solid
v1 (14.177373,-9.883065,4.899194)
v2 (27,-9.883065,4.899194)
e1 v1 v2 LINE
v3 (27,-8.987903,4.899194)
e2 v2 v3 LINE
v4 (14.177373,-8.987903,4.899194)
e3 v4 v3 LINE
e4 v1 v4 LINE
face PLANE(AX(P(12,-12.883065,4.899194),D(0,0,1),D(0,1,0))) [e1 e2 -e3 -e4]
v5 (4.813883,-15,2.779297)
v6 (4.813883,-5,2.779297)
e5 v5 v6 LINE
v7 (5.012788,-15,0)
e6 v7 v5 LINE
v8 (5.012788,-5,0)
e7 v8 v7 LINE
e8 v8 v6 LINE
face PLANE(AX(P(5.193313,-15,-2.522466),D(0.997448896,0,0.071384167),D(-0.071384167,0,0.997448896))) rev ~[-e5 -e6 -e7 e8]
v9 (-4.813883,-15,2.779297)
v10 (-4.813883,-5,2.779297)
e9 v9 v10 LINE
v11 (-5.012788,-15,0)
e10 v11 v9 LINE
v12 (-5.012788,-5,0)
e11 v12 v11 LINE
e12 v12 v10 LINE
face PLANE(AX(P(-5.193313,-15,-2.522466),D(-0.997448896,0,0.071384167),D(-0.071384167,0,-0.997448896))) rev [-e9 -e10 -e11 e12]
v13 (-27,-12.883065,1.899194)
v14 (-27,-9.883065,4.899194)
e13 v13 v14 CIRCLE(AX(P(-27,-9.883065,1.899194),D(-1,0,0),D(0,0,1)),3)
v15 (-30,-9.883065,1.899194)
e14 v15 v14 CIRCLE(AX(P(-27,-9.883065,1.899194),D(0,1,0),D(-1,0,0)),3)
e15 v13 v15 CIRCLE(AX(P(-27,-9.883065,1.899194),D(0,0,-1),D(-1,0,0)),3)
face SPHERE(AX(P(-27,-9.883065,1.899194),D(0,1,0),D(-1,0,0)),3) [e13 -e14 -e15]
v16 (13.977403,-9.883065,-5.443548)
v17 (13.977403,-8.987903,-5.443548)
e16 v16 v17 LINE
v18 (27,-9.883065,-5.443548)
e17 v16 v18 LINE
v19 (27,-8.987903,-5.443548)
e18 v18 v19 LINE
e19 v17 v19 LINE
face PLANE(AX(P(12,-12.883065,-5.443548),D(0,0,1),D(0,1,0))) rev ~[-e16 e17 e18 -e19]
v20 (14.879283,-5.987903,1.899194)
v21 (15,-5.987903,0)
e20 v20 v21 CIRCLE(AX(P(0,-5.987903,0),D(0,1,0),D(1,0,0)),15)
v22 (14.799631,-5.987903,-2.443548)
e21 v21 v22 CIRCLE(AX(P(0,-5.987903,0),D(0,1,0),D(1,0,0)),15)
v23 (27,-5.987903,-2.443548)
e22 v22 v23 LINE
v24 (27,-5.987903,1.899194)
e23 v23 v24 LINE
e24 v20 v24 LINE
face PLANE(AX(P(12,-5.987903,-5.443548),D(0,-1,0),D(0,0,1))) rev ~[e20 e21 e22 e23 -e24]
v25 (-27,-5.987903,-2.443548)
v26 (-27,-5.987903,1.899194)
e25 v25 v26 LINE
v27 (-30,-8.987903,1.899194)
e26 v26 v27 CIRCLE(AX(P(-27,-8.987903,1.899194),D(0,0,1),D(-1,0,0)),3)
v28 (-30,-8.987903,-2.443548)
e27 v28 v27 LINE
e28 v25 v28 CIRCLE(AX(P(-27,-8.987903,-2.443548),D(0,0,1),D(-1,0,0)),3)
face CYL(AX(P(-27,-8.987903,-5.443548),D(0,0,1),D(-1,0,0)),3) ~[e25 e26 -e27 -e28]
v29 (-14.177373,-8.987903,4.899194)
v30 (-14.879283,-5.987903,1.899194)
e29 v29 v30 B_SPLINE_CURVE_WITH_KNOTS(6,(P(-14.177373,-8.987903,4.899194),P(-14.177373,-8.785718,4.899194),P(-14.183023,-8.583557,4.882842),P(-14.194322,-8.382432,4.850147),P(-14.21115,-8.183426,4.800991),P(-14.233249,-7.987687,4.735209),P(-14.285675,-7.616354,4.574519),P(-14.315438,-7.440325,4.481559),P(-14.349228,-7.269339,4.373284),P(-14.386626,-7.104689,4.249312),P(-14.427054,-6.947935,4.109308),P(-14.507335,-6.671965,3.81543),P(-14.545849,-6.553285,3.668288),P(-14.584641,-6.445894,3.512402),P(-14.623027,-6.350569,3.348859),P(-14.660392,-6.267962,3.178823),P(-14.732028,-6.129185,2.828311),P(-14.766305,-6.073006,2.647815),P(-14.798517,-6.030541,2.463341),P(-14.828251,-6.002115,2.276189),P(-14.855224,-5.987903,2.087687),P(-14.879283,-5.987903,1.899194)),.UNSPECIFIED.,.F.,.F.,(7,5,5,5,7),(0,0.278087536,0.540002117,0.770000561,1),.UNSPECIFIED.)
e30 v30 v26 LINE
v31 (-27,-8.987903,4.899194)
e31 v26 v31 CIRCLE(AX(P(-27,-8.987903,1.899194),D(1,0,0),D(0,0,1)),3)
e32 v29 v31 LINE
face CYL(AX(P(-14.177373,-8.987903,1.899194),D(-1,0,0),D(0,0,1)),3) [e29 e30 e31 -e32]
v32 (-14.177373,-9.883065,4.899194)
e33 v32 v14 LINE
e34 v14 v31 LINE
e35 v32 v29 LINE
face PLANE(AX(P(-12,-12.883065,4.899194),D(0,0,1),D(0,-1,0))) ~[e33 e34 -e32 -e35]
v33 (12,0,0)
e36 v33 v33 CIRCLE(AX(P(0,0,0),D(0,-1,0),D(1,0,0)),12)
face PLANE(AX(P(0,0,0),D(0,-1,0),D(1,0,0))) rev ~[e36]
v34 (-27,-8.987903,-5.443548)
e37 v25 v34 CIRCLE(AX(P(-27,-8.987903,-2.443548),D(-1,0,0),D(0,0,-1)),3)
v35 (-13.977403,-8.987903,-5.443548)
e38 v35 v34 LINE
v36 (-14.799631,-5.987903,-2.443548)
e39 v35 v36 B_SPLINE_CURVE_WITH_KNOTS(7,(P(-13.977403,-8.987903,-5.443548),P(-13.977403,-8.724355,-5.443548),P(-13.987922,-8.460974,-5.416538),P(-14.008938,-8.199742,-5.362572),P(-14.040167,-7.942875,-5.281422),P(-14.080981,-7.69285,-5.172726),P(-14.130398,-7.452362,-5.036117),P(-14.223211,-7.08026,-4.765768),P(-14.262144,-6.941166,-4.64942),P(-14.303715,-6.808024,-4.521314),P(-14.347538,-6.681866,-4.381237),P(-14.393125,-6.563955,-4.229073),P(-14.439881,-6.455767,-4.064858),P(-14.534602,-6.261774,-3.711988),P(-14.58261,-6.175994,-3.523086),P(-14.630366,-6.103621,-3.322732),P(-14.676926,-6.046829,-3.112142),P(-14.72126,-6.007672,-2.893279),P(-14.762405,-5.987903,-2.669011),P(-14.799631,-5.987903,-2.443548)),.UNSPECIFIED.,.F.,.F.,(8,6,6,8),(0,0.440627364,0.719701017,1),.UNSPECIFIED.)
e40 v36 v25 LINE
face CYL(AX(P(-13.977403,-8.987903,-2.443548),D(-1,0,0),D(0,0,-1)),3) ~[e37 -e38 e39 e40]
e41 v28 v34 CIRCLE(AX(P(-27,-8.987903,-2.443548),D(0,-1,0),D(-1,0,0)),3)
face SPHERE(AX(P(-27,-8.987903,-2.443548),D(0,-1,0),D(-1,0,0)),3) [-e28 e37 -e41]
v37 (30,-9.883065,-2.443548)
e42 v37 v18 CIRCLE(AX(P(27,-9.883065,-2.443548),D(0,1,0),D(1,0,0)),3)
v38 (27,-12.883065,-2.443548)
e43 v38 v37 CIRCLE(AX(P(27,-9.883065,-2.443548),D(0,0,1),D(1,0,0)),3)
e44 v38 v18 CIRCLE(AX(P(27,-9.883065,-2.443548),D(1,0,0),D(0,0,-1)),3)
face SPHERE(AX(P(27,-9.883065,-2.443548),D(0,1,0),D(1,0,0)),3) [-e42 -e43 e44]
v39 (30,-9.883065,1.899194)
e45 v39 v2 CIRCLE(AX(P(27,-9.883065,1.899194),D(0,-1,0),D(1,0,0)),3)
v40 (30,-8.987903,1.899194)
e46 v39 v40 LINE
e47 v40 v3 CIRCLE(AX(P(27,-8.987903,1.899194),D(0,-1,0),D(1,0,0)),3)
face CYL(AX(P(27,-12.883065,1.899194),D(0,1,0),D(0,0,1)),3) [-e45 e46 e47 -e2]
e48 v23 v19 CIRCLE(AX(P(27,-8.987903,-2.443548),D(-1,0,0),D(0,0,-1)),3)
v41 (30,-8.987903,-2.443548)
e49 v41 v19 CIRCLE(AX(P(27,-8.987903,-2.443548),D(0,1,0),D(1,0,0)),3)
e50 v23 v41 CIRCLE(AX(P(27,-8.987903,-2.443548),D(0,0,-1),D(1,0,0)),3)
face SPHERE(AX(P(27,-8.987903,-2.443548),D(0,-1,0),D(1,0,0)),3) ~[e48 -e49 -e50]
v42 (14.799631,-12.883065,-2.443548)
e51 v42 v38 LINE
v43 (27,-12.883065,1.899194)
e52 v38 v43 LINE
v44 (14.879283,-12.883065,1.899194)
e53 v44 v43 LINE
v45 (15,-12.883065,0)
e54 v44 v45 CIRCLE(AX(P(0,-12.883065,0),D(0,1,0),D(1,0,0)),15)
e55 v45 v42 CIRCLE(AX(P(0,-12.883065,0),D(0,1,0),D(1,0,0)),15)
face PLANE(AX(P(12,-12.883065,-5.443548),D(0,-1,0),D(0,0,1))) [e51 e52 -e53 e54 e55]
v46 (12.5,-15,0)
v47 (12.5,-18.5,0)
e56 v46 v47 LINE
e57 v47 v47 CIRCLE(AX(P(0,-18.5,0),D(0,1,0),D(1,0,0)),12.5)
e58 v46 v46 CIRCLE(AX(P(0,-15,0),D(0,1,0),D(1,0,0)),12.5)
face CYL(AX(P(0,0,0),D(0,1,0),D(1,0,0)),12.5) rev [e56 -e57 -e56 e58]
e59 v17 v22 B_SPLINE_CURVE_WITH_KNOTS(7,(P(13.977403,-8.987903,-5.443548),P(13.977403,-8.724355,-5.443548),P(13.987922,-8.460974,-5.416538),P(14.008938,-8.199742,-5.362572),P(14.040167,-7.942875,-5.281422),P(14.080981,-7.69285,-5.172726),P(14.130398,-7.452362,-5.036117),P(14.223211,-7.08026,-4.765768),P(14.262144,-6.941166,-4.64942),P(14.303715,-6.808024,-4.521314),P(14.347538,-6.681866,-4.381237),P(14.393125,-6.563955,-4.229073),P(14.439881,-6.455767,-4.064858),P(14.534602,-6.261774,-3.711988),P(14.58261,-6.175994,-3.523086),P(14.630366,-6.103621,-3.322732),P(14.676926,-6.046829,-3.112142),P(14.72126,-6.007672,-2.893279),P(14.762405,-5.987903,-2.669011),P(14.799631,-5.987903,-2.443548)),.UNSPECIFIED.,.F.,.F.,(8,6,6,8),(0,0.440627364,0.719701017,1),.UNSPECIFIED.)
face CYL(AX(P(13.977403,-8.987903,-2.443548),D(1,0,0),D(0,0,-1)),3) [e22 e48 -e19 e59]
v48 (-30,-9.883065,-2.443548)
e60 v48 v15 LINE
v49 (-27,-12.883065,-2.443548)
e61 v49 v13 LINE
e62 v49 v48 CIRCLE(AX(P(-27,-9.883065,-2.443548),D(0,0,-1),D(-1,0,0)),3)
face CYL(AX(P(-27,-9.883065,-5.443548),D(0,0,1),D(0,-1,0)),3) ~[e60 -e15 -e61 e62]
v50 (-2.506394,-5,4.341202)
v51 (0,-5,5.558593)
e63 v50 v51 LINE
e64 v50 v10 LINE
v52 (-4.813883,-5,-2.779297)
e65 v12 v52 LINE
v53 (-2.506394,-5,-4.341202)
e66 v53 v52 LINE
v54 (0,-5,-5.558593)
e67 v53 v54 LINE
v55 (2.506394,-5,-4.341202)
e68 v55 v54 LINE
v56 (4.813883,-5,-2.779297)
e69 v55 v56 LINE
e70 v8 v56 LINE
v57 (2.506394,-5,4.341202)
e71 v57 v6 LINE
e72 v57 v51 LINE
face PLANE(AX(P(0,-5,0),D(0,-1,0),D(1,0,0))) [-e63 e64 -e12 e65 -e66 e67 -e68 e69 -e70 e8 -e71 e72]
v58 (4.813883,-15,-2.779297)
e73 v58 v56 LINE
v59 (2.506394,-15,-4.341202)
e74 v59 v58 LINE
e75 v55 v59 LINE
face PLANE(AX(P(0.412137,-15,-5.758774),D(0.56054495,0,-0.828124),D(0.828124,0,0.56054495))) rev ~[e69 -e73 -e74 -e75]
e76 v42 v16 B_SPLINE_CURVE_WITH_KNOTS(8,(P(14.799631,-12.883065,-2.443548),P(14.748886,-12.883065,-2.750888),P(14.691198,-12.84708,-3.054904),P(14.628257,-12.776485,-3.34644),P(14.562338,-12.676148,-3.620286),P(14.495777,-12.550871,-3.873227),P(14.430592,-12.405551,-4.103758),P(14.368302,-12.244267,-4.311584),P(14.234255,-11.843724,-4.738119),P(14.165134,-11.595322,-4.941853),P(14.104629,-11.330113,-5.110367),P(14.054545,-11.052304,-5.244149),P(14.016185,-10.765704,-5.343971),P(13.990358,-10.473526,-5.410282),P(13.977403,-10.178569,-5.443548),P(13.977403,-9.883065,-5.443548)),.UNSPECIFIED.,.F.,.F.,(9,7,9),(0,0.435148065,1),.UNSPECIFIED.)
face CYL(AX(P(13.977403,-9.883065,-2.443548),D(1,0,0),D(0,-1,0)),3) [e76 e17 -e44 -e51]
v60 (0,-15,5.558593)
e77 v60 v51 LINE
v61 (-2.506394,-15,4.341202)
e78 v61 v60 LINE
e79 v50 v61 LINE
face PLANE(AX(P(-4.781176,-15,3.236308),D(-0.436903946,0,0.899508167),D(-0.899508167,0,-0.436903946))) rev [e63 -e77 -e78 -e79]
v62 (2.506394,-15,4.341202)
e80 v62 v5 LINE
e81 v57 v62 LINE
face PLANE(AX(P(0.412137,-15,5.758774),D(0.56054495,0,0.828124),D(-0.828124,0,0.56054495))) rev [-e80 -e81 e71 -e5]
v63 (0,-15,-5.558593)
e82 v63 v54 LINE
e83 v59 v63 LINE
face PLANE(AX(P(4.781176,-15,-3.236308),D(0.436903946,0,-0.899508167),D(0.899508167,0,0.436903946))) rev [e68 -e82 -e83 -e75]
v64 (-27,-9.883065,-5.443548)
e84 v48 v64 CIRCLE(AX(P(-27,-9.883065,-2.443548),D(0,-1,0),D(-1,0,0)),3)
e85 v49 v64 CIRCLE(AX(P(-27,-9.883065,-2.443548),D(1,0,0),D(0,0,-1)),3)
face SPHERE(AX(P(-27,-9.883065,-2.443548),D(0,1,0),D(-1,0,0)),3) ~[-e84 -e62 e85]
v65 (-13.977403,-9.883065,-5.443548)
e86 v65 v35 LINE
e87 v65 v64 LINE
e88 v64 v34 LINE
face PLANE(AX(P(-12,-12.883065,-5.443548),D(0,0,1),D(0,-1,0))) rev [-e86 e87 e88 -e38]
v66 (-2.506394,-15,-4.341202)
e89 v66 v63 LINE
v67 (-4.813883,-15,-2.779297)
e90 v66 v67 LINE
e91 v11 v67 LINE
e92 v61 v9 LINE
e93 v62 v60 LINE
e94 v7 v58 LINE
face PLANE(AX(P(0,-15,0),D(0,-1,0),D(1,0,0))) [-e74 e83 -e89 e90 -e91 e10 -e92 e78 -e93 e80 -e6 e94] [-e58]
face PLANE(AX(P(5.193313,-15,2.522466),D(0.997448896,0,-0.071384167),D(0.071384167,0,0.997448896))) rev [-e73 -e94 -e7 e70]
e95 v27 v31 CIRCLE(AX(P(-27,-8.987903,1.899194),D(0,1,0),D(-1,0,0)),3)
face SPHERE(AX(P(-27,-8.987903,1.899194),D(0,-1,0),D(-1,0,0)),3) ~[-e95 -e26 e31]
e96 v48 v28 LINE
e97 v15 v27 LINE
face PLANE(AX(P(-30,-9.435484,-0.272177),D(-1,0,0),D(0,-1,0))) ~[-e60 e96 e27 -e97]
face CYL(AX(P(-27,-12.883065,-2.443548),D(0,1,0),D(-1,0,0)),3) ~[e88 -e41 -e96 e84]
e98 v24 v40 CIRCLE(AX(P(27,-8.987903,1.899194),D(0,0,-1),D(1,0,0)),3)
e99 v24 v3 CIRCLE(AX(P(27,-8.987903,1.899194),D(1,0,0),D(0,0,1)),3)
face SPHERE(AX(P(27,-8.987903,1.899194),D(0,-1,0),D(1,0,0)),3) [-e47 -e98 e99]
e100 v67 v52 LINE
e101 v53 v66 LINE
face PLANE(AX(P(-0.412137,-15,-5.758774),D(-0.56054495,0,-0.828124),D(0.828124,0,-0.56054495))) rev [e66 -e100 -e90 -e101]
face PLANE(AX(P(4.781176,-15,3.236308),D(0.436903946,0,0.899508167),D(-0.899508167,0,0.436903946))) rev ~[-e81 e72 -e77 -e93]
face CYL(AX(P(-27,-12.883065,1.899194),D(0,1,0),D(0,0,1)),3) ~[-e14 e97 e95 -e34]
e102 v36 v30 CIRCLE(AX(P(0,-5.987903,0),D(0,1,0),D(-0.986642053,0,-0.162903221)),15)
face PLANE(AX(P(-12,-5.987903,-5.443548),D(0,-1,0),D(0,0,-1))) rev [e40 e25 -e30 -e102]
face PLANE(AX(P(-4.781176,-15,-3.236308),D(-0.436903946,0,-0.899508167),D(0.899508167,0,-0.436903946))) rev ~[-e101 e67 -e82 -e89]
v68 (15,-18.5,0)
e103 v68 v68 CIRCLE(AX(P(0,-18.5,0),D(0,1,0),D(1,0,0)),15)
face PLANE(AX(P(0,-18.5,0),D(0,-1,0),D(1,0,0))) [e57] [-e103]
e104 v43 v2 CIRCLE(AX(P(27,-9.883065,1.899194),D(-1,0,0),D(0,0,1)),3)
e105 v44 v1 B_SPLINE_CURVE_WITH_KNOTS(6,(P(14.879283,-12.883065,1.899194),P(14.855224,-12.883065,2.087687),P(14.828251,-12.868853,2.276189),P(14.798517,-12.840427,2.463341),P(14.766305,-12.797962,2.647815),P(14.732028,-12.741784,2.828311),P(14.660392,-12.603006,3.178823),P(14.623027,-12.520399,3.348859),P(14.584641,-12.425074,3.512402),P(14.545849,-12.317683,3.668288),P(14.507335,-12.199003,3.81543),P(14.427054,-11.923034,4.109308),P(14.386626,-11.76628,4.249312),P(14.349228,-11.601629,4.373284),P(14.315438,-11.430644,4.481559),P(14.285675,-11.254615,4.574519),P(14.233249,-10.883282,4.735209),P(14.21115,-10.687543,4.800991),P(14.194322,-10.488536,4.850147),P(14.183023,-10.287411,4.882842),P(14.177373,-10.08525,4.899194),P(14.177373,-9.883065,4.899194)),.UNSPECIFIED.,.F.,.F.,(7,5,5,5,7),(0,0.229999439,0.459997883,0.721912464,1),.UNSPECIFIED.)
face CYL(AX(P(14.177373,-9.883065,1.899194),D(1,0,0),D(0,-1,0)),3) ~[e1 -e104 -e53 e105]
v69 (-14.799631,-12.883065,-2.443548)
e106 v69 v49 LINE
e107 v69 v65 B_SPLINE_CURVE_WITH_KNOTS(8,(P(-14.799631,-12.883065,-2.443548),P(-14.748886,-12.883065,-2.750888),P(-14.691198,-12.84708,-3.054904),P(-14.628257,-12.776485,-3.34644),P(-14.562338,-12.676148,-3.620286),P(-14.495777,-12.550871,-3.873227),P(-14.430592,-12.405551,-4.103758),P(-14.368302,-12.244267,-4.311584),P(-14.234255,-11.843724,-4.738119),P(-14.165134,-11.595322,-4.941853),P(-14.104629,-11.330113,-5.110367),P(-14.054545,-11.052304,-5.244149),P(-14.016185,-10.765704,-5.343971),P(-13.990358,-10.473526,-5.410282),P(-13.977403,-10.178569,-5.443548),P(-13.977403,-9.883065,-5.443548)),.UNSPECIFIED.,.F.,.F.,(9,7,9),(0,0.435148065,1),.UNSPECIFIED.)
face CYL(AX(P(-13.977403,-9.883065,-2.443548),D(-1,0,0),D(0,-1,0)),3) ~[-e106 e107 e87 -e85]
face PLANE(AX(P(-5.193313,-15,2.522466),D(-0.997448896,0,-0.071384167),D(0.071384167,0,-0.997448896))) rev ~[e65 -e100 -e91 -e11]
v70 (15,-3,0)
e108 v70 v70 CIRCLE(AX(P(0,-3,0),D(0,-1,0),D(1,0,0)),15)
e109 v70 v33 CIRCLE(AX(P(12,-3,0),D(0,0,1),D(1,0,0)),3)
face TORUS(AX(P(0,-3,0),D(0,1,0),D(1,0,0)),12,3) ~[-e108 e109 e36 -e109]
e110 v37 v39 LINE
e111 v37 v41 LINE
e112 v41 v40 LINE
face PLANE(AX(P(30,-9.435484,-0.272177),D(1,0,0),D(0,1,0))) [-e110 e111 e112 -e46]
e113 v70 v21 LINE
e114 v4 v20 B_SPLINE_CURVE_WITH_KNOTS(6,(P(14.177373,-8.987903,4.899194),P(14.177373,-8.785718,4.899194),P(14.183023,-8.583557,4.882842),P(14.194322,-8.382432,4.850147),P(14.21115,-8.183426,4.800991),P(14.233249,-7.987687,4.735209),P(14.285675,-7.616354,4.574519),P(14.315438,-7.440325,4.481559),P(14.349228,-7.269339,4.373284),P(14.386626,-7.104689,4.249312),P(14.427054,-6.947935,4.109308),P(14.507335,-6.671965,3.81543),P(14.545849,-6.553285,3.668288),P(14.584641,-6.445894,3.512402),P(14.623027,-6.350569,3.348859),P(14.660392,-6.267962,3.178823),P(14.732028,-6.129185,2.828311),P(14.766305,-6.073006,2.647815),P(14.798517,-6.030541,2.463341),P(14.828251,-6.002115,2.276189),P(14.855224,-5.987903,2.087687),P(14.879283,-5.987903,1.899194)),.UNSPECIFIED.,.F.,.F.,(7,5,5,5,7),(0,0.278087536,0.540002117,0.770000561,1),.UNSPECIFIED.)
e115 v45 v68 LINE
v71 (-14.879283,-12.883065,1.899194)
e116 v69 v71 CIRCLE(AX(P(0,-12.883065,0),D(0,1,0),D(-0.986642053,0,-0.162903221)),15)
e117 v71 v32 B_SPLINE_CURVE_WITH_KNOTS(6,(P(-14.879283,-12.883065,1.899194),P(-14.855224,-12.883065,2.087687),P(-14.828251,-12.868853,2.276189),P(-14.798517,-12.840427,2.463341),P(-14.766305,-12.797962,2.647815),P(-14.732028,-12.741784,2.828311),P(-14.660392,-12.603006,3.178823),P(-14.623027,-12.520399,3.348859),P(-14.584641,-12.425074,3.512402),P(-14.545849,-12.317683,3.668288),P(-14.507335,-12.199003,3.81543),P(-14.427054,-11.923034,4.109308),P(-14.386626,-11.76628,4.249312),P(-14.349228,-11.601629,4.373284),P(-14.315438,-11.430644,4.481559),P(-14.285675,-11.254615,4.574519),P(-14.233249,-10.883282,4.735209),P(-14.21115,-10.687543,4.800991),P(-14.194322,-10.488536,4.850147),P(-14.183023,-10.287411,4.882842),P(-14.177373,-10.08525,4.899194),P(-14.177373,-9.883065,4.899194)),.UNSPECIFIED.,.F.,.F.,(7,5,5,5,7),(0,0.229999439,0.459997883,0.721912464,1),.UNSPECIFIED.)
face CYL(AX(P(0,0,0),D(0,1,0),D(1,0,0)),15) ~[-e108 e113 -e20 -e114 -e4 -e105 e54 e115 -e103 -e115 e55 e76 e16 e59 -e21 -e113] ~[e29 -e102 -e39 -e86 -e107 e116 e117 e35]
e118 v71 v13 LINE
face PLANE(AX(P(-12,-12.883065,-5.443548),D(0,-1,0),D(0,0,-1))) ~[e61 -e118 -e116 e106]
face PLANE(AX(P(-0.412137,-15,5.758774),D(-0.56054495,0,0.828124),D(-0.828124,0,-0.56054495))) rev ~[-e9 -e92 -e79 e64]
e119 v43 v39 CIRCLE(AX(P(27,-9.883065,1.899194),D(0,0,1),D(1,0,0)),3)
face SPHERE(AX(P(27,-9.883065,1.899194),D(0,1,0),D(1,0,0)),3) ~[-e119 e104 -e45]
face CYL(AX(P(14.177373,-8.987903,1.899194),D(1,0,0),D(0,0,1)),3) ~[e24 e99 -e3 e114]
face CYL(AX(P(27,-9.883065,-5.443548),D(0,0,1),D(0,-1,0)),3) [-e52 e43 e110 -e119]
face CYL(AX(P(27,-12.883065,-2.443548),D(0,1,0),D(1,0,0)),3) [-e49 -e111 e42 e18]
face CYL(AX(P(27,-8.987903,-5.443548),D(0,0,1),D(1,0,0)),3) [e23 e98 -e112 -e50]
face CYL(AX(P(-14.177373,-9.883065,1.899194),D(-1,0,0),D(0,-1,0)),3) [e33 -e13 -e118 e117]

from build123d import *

# Parameters (mm, degrees)
F0_R      = 15
F1_DEPTH  = 18.5
F2_T      = -2.5
F3_R      = 12.5
F4_DEPTH  = 12.5
F6_DEPTH  = 10
F8_W      = 6.8951621652
F8_H      = 10.3427423164
F9_DEPTH  = 3
F10_W     = 6.8951621652
F10_H     = 10.3427423164
F11_DEPTH = 18
F12_R     = 3


with BuildPart() as f1:
    # F0 (on Front) → F1 (new body)
    with BuildSketch(Plane.XZ):
        Circle(F0_R)
    extrude(amount=F1_DEPTH)

    # F2
    f2_openings = [f1.faces().sort_by_distance(p)[0] for p in [
        (0, -18.5, 0),
    ]]
    offset(amount=F2_T, openings=f2_openings)

    # F3 (on face) → F4 (join)
    with BuildSketch(Plane.XZ.offset(2.5)):
        Circle(F3_R)
    extrude(amount=F4_DEPTH)

    # F5 (on face) → F6 (cut)
    with BuildSketch(Plane.XZ.offset(15)):
        Polygon((4.7811761408, 3.2363077795), (-0.4121366812, 5.7587738877), (-5.193312822, 2.5224661081), (-4.7811761408, -3.2363077795), (0.4121366812, -5.7587738877), (5.193312822, -2.5224661081), align=None)
    extrude(amount=-F6_DEPTH, mode=Mode.SUBTRACT)

    # F8 (on offset) → F9 (cut)
    with BuildSketch(Plane.YZ.offset(15)):
        with Locations((-9.4354841858, -0.2721771598)):
            Rectangle(F8_W, F8_H)
    extrude(amount=-F9_DEPTH, mode=Mode.SUBTRACT)

    # F10 (on face) → F11 (join)
    with BuildSketch(Plane.YZ.offset(12)):
        with Locations((-9.4354841858, -0.2721771598)):
            Rectangle(F10_W, F10_H)
    extrude(amount=F11_DEPTH)

    # F12
    f12_edges = [f1.edges().sort_by_distance(p)[0] for p in [
        (30, -9.435484, 4.899194),
        (30, -9.435484, -5.443548),
        (30, -5.987903, -0.272177),
        (30, -12.883065, -0.272177),
        (22.088686, -12.883065, 4.899194),
        (21.988701, -12.883065, -5.443548),
        (22.088686, -5.987903, 4.899194),
        (21.988701, -5.987903, -5.443548),
        (-15, 0, 0),
    ]]
    fillet(f12_edges, radius=F12_R)

    # F13: F1 across plane


with BuildPart() as f1_1:
    add(f1.part)
    add(f1.part.mirror(Plane.YZ))


solid = f1_1.part
